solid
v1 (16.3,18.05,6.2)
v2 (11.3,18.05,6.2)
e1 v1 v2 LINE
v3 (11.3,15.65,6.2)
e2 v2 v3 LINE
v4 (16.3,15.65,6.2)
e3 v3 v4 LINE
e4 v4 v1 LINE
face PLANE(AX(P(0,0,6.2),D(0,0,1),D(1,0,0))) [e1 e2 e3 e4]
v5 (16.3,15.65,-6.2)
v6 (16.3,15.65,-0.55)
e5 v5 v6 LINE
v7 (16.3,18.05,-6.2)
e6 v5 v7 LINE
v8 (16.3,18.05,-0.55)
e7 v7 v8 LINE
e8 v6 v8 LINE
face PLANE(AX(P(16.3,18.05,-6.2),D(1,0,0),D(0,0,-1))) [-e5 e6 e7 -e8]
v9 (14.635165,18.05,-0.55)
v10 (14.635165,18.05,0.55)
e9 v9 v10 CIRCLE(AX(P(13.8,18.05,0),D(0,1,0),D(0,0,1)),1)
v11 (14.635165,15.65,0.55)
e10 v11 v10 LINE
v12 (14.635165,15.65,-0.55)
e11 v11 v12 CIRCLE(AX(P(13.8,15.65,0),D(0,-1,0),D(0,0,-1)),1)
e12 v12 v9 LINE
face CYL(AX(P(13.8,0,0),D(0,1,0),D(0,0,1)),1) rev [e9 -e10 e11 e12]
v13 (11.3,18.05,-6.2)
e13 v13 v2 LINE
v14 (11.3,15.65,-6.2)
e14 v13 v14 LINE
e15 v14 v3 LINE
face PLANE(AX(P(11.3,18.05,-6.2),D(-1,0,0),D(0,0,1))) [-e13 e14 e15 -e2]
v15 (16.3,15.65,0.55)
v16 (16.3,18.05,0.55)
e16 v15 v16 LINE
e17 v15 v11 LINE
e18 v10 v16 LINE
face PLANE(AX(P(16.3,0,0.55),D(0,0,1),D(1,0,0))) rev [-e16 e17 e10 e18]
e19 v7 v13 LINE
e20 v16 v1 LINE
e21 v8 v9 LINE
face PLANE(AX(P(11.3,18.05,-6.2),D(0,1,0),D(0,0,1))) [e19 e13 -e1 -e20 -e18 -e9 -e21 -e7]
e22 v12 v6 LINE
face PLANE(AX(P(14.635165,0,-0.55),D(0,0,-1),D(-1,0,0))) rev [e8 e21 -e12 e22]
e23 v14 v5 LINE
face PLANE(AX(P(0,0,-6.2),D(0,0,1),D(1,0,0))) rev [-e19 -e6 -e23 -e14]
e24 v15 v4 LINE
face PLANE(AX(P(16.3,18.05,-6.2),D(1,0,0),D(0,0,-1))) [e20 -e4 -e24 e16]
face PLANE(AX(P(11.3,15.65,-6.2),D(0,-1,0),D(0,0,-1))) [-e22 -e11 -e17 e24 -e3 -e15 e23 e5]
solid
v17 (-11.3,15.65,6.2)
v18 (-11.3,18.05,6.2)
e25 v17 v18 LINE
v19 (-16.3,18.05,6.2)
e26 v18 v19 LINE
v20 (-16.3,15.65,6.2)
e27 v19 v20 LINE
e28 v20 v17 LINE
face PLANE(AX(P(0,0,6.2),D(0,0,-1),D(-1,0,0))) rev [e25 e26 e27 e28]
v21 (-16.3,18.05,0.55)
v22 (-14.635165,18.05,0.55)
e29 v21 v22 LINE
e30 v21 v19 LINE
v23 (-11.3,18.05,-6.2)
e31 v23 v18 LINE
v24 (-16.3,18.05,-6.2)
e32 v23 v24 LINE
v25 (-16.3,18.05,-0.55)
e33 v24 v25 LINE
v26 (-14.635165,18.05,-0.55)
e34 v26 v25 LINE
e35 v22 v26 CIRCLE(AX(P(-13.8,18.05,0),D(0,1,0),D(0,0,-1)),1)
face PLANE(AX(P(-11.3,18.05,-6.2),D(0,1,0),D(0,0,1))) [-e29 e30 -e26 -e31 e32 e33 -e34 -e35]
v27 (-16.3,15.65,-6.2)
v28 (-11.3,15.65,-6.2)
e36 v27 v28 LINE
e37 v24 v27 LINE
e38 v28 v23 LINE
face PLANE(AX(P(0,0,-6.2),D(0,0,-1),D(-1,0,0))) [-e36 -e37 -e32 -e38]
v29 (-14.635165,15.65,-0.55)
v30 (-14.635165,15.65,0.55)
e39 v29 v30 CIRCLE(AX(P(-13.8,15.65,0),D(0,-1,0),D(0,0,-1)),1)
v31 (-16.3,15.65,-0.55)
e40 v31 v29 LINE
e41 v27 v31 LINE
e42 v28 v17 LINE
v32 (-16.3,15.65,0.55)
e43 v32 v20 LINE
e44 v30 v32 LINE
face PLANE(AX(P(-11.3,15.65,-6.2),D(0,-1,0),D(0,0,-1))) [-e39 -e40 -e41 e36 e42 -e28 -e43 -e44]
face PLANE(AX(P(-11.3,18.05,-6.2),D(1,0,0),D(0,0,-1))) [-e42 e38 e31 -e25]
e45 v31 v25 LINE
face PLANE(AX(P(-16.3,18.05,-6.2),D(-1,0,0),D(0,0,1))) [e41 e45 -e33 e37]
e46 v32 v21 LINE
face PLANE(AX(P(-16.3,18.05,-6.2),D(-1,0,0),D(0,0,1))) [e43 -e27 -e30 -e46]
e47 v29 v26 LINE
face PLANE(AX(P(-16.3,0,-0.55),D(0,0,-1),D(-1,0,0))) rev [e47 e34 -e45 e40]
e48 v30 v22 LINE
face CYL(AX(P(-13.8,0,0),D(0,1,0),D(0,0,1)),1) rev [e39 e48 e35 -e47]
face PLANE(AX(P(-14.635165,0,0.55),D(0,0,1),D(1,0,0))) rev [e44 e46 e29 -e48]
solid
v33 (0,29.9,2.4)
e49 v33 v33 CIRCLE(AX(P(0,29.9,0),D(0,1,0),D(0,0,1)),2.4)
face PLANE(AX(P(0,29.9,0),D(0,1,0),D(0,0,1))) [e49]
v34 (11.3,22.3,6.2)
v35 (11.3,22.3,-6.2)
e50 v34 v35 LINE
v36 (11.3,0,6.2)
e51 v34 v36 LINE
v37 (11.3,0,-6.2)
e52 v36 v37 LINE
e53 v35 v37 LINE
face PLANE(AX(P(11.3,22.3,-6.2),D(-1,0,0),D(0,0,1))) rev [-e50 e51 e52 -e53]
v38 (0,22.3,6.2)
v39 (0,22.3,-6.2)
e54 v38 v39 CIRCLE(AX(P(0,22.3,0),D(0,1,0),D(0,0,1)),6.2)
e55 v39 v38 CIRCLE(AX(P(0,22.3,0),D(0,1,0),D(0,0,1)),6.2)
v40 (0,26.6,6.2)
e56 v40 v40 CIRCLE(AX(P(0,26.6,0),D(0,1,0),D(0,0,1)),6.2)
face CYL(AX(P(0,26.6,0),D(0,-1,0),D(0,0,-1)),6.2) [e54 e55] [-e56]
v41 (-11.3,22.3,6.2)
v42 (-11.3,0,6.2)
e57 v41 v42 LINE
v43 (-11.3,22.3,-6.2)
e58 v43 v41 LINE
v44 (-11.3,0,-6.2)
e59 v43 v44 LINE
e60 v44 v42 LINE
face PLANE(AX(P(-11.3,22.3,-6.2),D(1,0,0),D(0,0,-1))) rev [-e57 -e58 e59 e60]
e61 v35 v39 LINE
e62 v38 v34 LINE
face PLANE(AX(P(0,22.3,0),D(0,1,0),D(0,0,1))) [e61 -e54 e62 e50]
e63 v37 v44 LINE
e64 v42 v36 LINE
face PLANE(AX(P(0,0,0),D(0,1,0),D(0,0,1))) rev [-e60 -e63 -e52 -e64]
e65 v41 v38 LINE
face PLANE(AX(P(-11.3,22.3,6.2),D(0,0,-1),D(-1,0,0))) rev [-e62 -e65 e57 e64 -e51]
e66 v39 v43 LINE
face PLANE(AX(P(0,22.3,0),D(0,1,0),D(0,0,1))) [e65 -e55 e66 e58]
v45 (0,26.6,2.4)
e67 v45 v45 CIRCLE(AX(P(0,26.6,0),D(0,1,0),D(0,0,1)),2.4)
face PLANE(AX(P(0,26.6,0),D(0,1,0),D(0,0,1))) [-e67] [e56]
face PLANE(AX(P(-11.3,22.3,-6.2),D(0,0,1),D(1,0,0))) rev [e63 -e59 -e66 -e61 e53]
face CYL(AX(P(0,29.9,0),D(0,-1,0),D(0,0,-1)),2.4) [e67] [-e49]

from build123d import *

# Parameters (mm, degrees)
SKETCH_1_W          = 22.6
SKETCH_1_H          = 12.4
EXTRUDE_1_DEPTH     = 22.3
SKETCH_2_W          = 5
SKETCH_2_H          = 2.4
EXTRUDE_2_DEPTH     = 12.4
EXTRUDE_2_2_DEPTH   = 12.4
CUT_EXTRUDE_1_DEPTH = 26.098456128
SKETCH_4_R          = 6.2
EXTRUDE_3_DEPTH     = 4.3
SKETCH_5_R          = 2.4
EXTRUDE_4_DEPTH     = 3.3


with BuildPart() as part:
    # 草图1 → 凸台-拉伸1 (new body)
    with BuildSketch(Plane(origin=(0, 0, 0), x_dir=(1, 0, 0), z_dir=(0, 1, 0))):
        Rectangle(SKETCH_1_W, SKETCH_1_H)
    extrude(amount=EXTRUDE_1_DEPTH)

    # 草图4 → 凸台-拉伸3 (add)
    with BuildSketch(Plane(origin=(0, 22.3, 0), x_dir=(1, 0, 0), z_dir=(0, 1, 0))):
        with Locations(Location((0, 0, 0), (0, 0, 270))):
            Circle(SKETCH_4_R)
    extrude(amount=EXTRUDE_3_DEPTH)

    # 草图5 → 凸台-拉伸4 (add)
    with BuildSketch(Plane(origin=(0, 26.6, 0), x_dir=(1, 0, 0), z_dir=(0, 1, 0))):
        with Locations(Location((0, 0, 0), (0, 0, 270))):
            Circle(SKETCH_5_R)
    extrude(amount=EXTRUDE_4_DEPTH)


with BuildPart() as body_2:
    # 草图2 → 凸台-拉伸2 (new, through all)
    with BuildSketch(Plane.XY.offset(6.2)):
        with Locations((13.8, 16.85)):
            Rectangle(SKETCH_2_W, SKETCH_2_H)
    extrude(amount=-EXTRUDE_2_DEPTH)


with BuildPart() as body_3:
    # 草图2 → Extrude 2 2 (new, through all)
    with BuildSketch(Plane.XY.offset(6.2)):
        with Locations((-13.8, 16.85)):
            Rectangle(SKETCH_2_W, SKETCH_2_H)
    extrude(amount=-EXTRUDE_2_2_DEPTH)


with BuildPart() as cut_extrude_1_tool:
    # 草图3 → 切除-拉伸1 (new, through all)
    with BuildSketch(Plane(origin=(0, 18.05, 0), x_dir=(1, 0, 0), z_dir=(0, 1, 0))):
        with BuildLine():
            Line((14.635164654, 0.55), (16.3, 0.55))
            Line((16.3, 0.55), (16.3, -0.55))
            Line((16.3, -0.55), (14.635164654, -0.55))
            ThreePointArc((14.635164654, -0.55), (12.8, 0), (14.635164654, 0.55))
        make_face()
        with BuildLine():
            Line((-14.635164654, -0.55), (-16.3, -0.55))
            Line((-16.3, -0.55), (-16.3, 0.55))
            Line((-16.3, 0.55), (-14.635164654, 0.55))
            ThreePointArc((-14.635164654, 0.55), (-12.8, 0), (-14.635164654, -0.55))
        make_face()
    extrude(amount=-CUT_EXTRUDE_1_DEPTH)


with BuildPart() as body_2_1:
    add(body_2.part)

    # 切除-拉伸1: cut by cut_extrude_1_tool
    add(cut_extrude_1_tool.part, mode=Mode.SUBTRACT)


with BuildPart() as body_3_1:
    add(body_3.part)

    # 切除-拉伸1: cut by cut_extrude_1_tool
    add(cut_extrude_1_tool.part, mode=Mode.SUBTRACT)


solid = Compound([part.part, body_2_1.part, body_3_1.part])
